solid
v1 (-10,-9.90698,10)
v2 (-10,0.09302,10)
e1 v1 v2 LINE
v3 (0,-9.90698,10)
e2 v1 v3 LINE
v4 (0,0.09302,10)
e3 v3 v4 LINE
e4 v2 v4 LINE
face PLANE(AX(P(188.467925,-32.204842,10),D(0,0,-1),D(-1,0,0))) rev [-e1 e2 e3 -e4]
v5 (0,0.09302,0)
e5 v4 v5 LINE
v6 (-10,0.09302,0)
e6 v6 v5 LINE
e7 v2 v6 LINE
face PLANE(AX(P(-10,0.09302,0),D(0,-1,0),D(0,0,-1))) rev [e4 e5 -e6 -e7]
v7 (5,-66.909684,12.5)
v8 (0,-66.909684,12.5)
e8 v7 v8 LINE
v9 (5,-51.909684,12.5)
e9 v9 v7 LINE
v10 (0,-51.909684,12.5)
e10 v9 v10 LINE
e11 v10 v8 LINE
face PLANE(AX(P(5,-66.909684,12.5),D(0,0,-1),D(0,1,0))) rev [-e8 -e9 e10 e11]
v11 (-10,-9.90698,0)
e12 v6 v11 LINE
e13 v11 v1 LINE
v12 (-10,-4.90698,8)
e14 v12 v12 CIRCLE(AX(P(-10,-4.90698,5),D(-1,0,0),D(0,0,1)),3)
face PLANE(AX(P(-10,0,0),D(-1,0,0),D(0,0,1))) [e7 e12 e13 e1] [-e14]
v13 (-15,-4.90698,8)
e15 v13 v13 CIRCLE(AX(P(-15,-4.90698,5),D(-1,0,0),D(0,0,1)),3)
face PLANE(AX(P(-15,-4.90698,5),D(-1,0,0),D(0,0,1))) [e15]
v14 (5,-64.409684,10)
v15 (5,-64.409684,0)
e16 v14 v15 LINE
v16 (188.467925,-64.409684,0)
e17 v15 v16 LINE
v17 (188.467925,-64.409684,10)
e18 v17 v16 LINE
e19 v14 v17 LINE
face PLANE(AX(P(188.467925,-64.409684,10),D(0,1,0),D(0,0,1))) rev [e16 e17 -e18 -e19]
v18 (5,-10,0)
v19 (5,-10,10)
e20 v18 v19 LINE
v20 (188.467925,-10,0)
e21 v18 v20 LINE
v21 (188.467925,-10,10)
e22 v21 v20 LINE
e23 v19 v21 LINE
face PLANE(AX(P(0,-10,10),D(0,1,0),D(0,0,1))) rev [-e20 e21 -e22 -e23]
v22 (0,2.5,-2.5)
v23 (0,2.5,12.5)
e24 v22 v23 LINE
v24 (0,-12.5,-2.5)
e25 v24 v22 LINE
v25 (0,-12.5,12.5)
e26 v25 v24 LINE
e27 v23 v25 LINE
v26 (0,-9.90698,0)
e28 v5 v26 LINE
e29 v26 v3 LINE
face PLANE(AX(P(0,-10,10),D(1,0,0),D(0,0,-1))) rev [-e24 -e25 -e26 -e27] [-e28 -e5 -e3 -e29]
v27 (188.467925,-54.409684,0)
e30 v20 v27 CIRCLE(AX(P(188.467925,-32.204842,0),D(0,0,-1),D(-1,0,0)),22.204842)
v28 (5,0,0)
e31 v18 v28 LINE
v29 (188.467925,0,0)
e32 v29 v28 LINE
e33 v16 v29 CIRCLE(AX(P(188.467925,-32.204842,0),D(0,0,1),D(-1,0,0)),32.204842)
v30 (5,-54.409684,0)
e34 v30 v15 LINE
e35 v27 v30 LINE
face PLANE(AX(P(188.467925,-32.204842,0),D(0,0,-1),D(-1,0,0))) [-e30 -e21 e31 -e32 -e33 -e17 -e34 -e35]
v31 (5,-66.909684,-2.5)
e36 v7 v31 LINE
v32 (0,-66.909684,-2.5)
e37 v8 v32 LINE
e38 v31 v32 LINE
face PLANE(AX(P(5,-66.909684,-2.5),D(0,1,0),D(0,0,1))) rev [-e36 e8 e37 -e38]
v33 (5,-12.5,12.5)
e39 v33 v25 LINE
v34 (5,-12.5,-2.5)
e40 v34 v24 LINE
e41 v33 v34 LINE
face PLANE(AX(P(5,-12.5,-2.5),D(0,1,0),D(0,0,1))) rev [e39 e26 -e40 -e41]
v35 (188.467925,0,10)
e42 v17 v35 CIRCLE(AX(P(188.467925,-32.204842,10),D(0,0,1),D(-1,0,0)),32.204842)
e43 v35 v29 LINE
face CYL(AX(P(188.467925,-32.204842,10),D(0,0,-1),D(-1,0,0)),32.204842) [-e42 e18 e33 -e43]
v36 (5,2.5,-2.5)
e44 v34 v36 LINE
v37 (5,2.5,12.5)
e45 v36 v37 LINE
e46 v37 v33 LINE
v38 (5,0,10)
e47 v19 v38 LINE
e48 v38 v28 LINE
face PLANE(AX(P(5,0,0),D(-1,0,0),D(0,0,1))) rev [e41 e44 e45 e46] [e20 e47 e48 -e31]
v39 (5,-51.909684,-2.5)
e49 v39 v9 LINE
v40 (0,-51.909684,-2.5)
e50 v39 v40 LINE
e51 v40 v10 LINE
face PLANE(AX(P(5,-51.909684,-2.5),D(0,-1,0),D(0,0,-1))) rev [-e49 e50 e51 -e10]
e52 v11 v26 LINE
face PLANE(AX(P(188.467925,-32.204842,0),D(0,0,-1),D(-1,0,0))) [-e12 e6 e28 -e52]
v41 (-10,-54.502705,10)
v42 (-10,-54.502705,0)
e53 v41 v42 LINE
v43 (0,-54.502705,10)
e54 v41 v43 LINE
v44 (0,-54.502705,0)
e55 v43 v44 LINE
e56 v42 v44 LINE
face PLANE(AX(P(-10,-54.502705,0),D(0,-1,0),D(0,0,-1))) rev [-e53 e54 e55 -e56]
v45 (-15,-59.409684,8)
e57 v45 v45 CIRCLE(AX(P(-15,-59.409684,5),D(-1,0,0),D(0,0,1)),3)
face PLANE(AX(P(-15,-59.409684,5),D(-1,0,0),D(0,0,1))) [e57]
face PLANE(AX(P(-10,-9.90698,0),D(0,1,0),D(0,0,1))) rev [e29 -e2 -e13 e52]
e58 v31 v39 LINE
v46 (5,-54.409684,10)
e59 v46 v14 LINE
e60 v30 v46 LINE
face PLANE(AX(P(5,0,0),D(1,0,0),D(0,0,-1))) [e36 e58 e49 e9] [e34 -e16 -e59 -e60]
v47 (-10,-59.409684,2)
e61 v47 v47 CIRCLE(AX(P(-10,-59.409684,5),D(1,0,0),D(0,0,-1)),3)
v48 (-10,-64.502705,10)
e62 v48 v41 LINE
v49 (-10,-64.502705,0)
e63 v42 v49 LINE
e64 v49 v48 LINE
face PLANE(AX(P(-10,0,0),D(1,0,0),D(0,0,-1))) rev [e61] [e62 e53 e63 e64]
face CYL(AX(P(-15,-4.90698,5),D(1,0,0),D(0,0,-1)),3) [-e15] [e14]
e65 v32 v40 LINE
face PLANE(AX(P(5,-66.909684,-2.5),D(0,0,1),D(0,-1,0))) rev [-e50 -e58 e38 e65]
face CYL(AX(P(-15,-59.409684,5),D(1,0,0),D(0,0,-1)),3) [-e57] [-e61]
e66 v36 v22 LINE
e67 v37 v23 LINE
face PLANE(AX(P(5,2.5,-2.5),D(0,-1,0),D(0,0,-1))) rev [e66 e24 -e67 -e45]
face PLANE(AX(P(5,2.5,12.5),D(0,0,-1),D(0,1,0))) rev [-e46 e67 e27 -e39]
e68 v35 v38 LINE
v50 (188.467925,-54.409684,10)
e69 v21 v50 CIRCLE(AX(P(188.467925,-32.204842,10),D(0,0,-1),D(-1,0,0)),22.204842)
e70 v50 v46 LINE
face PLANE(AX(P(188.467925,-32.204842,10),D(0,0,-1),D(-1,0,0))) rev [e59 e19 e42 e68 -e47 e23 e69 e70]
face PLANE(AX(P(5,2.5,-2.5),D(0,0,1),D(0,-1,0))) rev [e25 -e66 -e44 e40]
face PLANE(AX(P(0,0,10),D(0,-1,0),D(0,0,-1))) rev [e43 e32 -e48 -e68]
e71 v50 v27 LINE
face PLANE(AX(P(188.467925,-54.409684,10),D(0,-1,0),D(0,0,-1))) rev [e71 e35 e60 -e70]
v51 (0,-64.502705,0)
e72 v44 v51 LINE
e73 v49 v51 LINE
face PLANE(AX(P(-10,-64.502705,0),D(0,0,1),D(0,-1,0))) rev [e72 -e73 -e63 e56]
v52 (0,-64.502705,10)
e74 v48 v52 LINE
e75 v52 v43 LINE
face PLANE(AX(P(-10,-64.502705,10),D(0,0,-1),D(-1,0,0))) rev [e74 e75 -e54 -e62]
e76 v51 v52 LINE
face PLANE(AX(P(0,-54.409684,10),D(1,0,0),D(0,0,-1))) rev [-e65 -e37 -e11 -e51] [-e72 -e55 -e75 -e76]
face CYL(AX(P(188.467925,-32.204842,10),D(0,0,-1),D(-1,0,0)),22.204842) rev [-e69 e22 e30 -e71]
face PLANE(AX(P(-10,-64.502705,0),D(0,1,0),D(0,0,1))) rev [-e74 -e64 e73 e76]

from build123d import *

# Parameters (mm, degrees)
BOSS_EXTRUDE1_DEPTH   = 10
SKETCH2_R             = 3
BOSS_EXTRUDE2_DEPTH   = 15
SKETCH3_R             = 3
BOSS_EXTRUDE3_DEPTH   = 15
SKETCH5_W             = 15
SKETCH5_H             = 15
BOSS_EXTRUDE4_DEPTH   = 5
BOSS_EXTRUDE4_2_DEPTH = 5
SKETCH7_W             = 10
SKETCH7_H             = 10
BOSS_EXTRUDE5_DEPTH   = 10


with BuildPart() as part:
    # Sketch1 → Boss-Extrude1 (new body)
    with BuildSketch(Plane.XY):
        with BuildLine():
            Line((0, 0), (188.467924539, 0))
            ThreePointArc((188.467924539, 0), (220.672766762, -32.204842223), (188.467924539, -64.409684446))
            Line((188.467924539, -64.409684446), (0, -64.409684446))
            Line((0, -64.409684446), (0, -54.409684446))
            Line((0, -54.409684446), (188.467924539, -54.409684446))
            ThreePointArc((188.467924539, -54.409684446), (210.672766762, -32.204842223), (188.467924539, -10))
            Line((188.467924539, -10), (0, -10))
            Line((0, -10), (0, 0))
        make_face()
    extrude(amount=BOSS_EXTRUDE1_DEPTH)

    # Sketch2 → Boss-Extrude2 (add)
    with BuildSketch(Plane.ZY):
        with Locations(Location((5, -4.906979909, 0), (0, 0, 180))):
            Circle(SKETCH2_R)
    extrude(amount=BOSS_EXTRUDE2_DEPTH)



with BuildPart() as body_2:
    # Sketch3 → Boss-Extrude3 (new body)
    with BuildSketch(Plane.ZY):
        with Locations((5, -59.409684446)):
            Circle(SKETCH3_R)
    extrude(amount=BOSS_EXTRUDE3_DEPTH)


with BuildPart() as body_3:
    # Sketch5 → Boss-Extrude4 (new body)
    with BuildSketch(Plane(origin=(0, 0, 0), x_dir=(0, 0, -1), z_dir=(1, 0, 0))):
        with Locations((-5, -59.409684446)):
            Rectangle(SKETCH5_W, SKETCH5_H)
    extrude(amount=BOSS_EXTRUDE4_DEPTH)


with BuildPart() as body_4:
    # Sketch5 → Boss-Extrude4 2 (new body)
    with BuildSketch(Plane(origin=(0, 0, 0), x_dir=(0, 0, -1), z_dir=(1, 0, 0))):
        with Locations((-5, -5)):
            Rectangle(SKETCH5_W, SKETCH5_H)
    extrude(amount=BOSS_EXTRUDE4_2_DEPTH)


with BuildPart() as part_1:
    add(part.part)

    add(body_2.part)  # Boss-Extrude5 merges body 2

    add(body_3.part)  # Boss-Extrude5 merges body 3

    add(body_4.part)  # Boss-Extrude5 merges body 4
    # Sketch7 → Boss-Extrude5 (add)
    with BuildSketch(Plane.ZY):
        with Locations((5, -59.502704537)):
            Rectangle(SKETCH7_W, SKETCH7_H)
        with Locations((5, -4.906979909)):
            Rectangle(SKETCH7_W, SKETCH7_H)
    extrude(amount=BOSS_EXTRUDE5_DEPTH)


solid = part_1.part
